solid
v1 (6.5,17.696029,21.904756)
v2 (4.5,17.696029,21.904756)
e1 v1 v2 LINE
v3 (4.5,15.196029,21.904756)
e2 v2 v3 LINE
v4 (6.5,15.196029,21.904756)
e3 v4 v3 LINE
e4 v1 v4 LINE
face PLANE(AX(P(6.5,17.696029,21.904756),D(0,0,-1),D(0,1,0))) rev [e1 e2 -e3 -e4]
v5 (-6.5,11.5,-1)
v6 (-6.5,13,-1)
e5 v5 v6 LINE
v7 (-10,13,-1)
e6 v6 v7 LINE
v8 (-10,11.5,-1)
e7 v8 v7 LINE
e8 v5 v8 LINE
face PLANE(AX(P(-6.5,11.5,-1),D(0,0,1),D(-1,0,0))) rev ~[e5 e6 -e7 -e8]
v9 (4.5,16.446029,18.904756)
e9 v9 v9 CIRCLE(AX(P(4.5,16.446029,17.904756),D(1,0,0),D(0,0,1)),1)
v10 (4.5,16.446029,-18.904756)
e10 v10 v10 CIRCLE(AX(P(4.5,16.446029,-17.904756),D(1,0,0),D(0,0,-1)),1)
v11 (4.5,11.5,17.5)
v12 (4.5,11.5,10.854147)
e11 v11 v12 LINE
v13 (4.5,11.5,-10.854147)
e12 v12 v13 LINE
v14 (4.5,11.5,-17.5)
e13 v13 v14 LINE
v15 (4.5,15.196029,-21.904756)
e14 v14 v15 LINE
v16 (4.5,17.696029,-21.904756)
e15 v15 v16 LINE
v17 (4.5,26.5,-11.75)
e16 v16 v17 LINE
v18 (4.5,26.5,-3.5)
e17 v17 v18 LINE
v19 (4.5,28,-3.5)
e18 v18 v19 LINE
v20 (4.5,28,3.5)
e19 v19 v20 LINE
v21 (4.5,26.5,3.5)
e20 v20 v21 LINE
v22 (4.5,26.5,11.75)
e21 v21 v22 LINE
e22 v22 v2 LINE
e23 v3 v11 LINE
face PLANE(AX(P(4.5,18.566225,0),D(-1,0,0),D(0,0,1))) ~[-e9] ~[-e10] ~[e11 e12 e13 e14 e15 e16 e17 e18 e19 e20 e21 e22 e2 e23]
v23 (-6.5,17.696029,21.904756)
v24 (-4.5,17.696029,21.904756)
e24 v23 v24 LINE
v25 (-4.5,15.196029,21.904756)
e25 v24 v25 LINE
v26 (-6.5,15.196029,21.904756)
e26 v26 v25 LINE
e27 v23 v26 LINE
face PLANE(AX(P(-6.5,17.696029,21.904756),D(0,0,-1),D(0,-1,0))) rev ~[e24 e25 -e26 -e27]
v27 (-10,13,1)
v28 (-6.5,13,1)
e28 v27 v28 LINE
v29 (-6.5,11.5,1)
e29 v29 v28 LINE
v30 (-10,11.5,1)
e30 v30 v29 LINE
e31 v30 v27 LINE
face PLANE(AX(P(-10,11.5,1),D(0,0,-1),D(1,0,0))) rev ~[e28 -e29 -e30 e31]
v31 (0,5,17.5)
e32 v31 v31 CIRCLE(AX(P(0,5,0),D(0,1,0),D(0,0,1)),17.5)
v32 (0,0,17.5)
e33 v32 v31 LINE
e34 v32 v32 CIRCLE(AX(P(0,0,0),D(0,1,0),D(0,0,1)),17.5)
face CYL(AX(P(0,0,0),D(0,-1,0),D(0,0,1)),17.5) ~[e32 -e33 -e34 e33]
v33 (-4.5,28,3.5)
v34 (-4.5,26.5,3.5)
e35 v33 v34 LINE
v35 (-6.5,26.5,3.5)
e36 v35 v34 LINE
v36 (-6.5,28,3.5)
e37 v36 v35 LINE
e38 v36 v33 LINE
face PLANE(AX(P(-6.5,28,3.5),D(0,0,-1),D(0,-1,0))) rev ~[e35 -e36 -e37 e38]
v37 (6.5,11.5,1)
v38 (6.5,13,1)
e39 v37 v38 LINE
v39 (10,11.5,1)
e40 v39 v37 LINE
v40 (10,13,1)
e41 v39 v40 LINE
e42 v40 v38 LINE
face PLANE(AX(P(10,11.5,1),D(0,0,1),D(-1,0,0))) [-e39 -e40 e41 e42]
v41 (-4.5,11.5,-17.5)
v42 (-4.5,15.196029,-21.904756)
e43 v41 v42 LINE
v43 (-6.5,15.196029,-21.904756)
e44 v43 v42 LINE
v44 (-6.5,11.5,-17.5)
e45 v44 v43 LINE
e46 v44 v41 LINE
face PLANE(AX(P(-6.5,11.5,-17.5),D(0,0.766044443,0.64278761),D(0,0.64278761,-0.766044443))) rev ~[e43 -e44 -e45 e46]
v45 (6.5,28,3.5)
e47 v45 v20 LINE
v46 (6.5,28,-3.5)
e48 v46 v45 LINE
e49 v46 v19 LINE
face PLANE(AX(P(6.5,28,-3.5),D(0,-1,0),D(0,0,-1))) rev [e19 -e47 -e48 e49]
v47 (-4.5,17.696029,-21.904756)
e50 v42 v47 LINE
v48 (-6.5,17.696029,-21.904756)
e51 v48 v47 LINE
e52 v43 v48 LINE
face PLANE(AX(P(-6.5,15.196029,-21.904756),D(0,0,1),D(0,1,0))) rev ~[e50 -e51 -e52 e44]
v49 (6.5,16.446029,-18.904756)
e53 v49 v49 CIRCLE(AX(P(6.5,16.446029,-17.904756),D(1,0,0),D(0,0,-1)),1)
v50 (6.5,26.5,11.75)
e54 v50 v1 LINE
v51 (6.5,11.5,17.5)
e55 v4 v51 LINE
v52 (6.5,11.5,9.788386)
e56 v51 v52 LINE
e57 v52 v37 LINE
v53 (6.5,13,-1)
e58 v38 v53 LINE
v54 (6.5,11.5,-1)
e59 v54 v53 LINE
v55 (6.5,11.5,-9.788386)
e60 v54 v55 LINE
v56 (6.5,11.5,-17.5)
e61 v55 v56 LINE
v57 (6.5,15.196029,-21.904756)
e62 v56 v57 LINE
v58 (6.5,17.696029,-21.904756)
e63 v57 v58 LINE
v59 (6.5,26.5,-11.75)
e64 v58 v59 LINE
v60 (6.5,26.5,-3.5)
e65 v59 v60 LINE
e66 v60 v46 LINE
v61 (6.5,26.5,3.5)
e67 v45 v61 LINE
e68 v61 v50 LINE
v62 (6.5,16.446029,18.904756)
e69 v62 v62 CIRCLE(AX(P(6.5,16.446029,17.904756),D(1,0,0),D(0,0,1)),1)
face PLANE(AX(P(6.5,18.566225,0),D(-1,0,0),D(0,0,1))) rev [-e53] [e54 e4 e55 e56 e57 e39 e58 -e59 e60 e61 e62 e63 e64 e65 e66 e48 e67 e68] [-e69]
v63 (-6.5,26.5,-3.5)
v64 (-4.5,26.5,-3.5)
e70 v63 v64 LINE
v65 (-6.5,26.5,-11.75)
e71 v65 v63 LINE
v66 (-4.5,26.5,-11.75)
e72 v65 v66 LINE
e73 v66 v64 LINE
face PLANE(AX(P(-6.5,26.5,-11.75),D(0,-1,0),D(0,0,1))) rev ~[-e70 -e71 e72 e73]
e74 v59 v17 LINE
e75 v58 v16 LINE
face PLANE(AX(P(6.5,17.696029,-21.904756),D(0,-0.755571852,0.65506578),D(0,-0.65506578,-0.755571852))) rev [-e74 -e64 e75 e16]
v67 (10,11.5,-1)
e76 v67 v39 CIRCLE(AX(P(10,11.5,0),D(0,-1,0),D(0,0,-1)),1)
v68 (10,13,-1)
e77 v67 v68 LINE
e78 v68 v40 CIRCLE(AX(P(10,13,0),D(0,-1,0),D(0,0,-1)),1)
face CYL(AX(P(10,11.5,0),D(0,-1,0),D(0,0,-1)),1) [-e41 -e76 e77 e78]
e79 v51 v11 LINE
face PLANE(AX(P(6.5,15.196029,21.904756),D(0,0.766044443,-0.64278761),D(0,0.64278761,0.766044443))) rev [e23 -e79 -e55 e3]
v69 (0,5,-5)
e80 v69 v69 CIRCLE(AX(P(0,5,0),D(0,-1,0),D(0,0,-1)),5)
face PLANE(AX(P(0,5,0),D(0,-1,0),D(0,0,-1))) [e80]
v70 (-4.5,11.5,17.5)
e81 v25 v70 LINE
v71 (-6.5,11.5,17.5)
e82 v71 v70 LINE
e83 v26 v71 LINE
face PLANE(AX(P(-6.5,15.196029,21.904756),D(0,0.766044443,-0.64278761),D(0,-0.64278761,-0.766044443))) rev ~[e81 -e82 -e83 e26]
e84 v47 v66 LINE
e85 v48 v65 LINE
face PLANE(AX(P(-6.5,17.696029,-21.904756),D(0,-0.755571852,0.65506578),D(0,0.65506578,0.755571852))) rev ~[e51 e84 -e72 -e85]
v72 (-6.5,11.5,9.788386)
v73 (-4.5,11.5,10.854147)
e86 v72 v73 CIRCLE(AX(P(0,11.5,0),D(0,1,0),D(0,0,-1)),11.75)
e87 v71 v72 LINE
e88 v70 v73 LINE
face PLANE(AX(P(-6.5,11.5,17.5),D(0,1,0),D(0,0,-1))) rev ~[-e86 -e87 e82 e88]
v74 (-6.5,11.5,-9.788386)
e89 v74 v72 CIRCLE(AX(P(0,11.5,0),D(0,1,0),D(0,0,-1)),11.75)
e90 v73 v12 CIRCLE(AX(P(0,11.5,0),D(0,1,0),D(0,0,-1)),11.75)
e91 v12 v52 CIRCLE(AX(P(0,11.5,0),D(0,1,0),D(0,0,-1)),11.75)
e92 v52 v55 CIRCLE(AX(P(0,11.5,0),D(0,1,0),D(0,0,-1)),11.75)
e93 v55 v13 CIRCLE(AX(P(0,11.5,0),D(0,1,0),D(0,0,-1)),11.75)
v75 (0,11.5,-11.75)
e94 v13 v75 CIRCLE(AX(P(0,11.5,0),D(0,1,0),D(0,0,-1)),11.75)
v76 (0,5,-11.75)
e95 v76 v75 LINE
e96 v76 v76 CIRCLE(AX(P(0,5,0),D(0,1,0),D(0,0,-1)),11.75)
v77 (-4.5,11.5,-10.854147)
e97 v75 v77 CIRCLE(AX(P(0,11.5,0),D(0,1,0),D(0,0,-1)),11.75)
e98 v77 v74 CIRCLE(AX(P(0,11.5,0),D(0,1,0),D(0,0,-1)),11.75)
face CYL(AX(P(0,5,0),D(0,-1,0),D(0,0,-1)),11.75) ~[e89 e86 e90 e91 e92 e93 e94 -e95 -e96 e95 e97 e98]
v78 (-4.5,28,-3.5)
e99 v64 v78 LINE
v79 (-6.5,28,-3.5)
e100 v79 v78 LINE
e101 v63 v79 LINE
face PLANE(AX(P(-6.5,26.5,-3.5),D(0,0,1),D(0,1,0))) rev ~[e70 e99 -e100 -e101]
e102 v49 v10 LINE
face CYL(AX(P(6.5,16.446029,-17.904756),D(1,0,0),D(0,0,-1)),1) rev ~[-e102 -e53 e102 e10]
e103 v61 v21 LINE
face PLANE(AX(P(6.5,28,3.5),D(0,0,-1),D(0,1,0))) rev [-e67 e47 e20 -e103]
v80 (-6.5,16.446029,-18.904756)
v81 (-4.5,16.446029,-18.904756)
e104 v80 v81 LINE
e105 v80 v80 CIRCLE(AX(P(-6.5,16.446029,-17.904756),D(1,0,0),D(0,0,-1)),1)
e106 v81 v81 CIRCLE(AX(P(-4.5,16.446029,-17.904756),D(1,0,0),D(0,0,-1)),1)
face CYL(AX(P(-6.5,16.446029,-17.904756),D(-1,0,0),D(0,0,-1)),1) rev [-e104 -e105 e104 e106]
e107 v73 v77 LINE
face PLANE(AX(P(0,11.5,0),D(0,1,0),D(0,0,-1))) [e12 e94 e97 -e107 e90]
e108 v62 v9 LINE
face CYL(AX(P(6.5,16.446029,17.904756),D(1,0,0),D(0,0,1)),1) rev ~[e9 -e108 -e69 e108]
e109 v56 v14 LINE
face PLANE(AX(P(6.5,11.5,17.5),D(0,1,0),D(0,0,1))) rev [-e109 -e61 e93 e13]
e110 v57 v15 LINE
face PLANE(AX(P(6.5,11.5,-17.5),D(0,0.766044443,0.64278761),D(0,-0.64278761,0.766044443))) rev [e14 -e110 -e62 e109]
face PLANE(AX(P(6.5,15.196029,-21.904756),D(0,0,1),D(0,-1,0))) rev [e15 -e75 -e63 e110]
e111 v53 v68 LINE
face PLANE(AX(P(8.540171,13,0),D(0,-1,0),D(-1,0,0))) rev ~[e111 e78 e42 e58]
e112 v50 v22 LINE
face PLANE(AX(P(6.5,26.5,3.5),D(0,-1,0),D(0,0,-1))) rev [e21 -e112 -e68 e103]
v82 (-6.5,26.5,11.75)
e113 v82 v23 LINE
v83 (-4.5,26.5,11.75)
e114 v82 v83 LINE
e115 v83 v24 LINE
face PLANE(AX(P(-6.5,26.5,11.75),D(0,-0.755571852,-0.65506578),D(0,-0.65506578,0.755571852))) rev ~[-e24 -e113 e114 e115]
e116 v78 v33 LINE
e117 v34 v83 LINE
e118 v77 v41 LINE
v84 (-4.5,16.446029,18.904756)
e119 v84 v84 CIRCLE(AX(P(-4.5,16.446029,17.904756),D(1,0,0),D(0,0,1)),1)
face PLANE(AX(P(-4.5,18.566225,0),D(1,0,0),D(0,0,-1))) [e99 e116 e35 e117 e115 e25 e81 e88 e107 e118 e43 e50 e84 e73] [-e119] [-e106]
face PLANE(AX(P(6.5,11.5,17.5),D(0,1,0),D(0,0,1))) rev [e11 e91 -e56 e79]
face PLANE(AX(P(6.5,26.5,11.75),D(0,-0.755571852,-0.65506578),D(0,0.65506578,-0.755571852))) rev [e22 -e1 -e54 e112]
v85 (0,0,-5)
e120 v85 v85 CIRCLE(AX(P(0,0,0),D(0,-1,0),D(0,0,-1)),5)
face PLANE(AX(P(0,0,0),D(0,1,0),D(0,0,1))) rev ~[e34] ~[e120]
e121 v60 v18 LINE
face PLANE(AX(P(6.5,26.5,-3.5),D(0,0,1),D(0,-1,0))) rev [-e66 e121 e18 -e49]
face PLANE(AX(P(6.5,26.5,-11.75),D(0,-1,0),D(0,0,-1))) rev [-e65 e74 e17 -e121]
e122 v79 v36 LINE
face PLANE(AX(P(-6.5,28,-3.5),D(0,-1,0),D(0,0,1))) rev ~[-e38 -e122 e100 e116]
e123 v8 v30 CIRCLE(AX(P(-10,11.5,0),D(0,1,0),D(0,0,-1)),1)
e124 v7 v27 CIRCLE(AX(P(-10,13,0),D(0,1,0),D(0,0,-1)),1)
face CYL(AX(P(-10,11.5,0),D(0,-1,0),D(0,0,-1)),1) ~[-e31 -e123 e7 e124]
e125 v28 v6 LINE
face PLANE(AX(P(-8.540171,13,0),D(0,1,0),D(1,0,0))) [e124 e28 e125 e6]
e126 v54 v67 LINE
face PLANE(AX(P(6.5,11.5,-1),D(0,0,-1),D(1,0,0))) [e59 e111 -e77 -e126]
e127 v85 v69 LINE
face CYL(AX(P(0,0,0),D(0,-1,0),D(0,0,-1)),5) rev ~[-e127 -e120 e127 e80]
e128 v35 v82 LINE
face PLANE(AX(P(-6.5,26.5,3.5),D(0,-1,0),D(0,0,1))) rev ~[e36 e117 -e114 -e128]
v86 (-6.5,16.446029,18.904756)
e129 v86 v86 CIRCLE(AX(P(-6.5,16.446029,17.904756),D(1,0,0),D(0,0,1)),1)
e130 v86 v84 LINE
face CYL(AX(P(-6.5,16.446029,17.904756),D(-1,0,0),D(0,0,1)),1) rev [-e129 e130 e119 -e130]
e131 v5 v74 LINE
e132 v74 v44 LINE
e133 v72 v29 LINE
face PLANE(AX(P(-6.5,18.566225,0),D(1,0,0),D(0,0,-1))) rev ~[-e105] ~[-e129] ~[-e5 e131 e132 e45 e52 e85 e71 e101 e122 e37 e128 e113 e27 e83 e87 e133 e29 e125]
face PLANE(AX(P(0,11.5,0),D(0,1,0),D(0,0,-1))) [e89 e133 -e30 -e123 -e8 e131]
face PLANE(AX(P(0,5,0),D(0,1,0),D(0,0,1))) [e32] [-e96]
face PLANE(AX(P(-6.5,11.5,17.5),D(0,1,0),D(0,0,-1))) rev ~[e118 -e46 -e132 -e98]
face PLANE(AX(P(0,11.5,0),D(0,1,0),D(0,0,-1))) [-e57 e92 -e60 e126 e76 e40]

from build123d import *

# Parameters (mm, degrees)
SKETCH1_R           = 17.5
BOSS_EXTRUDE1_DEPTH = 5
SKETCH2_R           = 11.75
BOSS_EXTRUDE2_DEPTH = 6.5
BOSS_EXTRUDE4_DEPTH = 1.5
SKETCH4_R           = 1
BOSS_EXTRUDE5_DEPTH = 2
SKETCH5_R           = 5
CUT_EXTRUDE1_DEPTH  = 5


with BuildPart() as part:
    # Sketch1 → Boss-Extrude1 (new body)
    with BuildSketch(Plane(origin=(0, 0, 0), x_dir=(1, 0, 0), z_dir=(0, 1, 0))):
        with Locations(Location((0, 0, 0), (0, 0, 270))):
            Circle(SKETCH1_R)
    extrude(amount=BOSS_EXTRUDE1_DEPTH)

    # Sketch2 → Boss-Extrude2 (add)
    with BuildSketch(Plane(origin=(0, 5, 0), x_dir=(1, 0, 0), z_dir=(0, 1, 0))):
        with Locations(Location((0, 0, 0), (0, 0, 90))):
            Circle(SKETCH2_R)
    extrude(amount=BOSS_EXTRUDE2_DEPTH)

    # Sketch3 → Boss-Extrude4 (add)
    with BuildSketch(Plane(origin=(0, 11.5, 0), x_dir=(1, 0, 0), z_dir=(0, 1, 0))):
        with BuildLine():
            Line((-6.5, 0), (-6.5, 1))
            Line((-6.5, 1), (-10, 1))
            ThreePointArc((-10, 1), (-11, 0), (-10, -1))
            Line((-10, -1), (-6.5, -1))
            Line((-6.5, -1), (-6.5, 0))
        make_face()
        with BuildLine():
            Line((6.5, -1), (6.5, 0))
            Line((6.5, 0), (6.5, 1))
            Line((6.5, 1), (10, 1))
            ThreePointArc((10, 1), (11, 0), (10, -1))
            Line((10, -1), (6.5, -1))
        make_face()
    extrude(amount=BOSS_EXTRUDE4_DEPTH)

    # Sketch4 → Boss-Extrude5 (add)
    with BuildSketch(Plane(origin=(-6.5, 0, 0), x_dir=(0, 0, -1), z_dir=(1, 0, 0))):
        Polygon((-17.5, 11.5), (17.5, 11.5), (21.904755548, 15.196028756), (21.904755548, 17.696028756), (11.75, 26.5), (3.5, 26.5), (3.5, 28), (-3.5, 28), (-3.5, 26.5), (-11.75, 26.5), (-21.904755548, 17.696028756), (-21.904755548, 15.196028756), align=None)
        with Locations((17.904755548, 16.446028756)):
            Circle(SKETCH4_R, mode=Mode.SUBTRACT)
        with Locations(Location((-17.904755548, 16.446028756, 0), (0, 0, 180))):
            Circle(SKETCH4_R, mode=Mode.SUBTRACT)
    boss_extrude5 = extrude(amount=BOSS_EXTRUDE5_DEPTH)

    # Mirror1: Boss-Extrude5 across plane
    add(boss_extrude5.mirror(Plane(origin=(0, 0, 0), x_dir=(0, 0, 1), z_dir=(1, 0, 0))))

    # Sketch5 → Cut-Extrude1 (cut)
    with BuildSketch(Plane.XZ):
        with Locations(Location((0, 0, 0), (0, 0, 270))):
            Circle(SKETCH5_R)
    extrude(amount=-CUT_EXTRUDE1_DEPTH, mode=Mode.SUBTRACT)


solid = part.part
